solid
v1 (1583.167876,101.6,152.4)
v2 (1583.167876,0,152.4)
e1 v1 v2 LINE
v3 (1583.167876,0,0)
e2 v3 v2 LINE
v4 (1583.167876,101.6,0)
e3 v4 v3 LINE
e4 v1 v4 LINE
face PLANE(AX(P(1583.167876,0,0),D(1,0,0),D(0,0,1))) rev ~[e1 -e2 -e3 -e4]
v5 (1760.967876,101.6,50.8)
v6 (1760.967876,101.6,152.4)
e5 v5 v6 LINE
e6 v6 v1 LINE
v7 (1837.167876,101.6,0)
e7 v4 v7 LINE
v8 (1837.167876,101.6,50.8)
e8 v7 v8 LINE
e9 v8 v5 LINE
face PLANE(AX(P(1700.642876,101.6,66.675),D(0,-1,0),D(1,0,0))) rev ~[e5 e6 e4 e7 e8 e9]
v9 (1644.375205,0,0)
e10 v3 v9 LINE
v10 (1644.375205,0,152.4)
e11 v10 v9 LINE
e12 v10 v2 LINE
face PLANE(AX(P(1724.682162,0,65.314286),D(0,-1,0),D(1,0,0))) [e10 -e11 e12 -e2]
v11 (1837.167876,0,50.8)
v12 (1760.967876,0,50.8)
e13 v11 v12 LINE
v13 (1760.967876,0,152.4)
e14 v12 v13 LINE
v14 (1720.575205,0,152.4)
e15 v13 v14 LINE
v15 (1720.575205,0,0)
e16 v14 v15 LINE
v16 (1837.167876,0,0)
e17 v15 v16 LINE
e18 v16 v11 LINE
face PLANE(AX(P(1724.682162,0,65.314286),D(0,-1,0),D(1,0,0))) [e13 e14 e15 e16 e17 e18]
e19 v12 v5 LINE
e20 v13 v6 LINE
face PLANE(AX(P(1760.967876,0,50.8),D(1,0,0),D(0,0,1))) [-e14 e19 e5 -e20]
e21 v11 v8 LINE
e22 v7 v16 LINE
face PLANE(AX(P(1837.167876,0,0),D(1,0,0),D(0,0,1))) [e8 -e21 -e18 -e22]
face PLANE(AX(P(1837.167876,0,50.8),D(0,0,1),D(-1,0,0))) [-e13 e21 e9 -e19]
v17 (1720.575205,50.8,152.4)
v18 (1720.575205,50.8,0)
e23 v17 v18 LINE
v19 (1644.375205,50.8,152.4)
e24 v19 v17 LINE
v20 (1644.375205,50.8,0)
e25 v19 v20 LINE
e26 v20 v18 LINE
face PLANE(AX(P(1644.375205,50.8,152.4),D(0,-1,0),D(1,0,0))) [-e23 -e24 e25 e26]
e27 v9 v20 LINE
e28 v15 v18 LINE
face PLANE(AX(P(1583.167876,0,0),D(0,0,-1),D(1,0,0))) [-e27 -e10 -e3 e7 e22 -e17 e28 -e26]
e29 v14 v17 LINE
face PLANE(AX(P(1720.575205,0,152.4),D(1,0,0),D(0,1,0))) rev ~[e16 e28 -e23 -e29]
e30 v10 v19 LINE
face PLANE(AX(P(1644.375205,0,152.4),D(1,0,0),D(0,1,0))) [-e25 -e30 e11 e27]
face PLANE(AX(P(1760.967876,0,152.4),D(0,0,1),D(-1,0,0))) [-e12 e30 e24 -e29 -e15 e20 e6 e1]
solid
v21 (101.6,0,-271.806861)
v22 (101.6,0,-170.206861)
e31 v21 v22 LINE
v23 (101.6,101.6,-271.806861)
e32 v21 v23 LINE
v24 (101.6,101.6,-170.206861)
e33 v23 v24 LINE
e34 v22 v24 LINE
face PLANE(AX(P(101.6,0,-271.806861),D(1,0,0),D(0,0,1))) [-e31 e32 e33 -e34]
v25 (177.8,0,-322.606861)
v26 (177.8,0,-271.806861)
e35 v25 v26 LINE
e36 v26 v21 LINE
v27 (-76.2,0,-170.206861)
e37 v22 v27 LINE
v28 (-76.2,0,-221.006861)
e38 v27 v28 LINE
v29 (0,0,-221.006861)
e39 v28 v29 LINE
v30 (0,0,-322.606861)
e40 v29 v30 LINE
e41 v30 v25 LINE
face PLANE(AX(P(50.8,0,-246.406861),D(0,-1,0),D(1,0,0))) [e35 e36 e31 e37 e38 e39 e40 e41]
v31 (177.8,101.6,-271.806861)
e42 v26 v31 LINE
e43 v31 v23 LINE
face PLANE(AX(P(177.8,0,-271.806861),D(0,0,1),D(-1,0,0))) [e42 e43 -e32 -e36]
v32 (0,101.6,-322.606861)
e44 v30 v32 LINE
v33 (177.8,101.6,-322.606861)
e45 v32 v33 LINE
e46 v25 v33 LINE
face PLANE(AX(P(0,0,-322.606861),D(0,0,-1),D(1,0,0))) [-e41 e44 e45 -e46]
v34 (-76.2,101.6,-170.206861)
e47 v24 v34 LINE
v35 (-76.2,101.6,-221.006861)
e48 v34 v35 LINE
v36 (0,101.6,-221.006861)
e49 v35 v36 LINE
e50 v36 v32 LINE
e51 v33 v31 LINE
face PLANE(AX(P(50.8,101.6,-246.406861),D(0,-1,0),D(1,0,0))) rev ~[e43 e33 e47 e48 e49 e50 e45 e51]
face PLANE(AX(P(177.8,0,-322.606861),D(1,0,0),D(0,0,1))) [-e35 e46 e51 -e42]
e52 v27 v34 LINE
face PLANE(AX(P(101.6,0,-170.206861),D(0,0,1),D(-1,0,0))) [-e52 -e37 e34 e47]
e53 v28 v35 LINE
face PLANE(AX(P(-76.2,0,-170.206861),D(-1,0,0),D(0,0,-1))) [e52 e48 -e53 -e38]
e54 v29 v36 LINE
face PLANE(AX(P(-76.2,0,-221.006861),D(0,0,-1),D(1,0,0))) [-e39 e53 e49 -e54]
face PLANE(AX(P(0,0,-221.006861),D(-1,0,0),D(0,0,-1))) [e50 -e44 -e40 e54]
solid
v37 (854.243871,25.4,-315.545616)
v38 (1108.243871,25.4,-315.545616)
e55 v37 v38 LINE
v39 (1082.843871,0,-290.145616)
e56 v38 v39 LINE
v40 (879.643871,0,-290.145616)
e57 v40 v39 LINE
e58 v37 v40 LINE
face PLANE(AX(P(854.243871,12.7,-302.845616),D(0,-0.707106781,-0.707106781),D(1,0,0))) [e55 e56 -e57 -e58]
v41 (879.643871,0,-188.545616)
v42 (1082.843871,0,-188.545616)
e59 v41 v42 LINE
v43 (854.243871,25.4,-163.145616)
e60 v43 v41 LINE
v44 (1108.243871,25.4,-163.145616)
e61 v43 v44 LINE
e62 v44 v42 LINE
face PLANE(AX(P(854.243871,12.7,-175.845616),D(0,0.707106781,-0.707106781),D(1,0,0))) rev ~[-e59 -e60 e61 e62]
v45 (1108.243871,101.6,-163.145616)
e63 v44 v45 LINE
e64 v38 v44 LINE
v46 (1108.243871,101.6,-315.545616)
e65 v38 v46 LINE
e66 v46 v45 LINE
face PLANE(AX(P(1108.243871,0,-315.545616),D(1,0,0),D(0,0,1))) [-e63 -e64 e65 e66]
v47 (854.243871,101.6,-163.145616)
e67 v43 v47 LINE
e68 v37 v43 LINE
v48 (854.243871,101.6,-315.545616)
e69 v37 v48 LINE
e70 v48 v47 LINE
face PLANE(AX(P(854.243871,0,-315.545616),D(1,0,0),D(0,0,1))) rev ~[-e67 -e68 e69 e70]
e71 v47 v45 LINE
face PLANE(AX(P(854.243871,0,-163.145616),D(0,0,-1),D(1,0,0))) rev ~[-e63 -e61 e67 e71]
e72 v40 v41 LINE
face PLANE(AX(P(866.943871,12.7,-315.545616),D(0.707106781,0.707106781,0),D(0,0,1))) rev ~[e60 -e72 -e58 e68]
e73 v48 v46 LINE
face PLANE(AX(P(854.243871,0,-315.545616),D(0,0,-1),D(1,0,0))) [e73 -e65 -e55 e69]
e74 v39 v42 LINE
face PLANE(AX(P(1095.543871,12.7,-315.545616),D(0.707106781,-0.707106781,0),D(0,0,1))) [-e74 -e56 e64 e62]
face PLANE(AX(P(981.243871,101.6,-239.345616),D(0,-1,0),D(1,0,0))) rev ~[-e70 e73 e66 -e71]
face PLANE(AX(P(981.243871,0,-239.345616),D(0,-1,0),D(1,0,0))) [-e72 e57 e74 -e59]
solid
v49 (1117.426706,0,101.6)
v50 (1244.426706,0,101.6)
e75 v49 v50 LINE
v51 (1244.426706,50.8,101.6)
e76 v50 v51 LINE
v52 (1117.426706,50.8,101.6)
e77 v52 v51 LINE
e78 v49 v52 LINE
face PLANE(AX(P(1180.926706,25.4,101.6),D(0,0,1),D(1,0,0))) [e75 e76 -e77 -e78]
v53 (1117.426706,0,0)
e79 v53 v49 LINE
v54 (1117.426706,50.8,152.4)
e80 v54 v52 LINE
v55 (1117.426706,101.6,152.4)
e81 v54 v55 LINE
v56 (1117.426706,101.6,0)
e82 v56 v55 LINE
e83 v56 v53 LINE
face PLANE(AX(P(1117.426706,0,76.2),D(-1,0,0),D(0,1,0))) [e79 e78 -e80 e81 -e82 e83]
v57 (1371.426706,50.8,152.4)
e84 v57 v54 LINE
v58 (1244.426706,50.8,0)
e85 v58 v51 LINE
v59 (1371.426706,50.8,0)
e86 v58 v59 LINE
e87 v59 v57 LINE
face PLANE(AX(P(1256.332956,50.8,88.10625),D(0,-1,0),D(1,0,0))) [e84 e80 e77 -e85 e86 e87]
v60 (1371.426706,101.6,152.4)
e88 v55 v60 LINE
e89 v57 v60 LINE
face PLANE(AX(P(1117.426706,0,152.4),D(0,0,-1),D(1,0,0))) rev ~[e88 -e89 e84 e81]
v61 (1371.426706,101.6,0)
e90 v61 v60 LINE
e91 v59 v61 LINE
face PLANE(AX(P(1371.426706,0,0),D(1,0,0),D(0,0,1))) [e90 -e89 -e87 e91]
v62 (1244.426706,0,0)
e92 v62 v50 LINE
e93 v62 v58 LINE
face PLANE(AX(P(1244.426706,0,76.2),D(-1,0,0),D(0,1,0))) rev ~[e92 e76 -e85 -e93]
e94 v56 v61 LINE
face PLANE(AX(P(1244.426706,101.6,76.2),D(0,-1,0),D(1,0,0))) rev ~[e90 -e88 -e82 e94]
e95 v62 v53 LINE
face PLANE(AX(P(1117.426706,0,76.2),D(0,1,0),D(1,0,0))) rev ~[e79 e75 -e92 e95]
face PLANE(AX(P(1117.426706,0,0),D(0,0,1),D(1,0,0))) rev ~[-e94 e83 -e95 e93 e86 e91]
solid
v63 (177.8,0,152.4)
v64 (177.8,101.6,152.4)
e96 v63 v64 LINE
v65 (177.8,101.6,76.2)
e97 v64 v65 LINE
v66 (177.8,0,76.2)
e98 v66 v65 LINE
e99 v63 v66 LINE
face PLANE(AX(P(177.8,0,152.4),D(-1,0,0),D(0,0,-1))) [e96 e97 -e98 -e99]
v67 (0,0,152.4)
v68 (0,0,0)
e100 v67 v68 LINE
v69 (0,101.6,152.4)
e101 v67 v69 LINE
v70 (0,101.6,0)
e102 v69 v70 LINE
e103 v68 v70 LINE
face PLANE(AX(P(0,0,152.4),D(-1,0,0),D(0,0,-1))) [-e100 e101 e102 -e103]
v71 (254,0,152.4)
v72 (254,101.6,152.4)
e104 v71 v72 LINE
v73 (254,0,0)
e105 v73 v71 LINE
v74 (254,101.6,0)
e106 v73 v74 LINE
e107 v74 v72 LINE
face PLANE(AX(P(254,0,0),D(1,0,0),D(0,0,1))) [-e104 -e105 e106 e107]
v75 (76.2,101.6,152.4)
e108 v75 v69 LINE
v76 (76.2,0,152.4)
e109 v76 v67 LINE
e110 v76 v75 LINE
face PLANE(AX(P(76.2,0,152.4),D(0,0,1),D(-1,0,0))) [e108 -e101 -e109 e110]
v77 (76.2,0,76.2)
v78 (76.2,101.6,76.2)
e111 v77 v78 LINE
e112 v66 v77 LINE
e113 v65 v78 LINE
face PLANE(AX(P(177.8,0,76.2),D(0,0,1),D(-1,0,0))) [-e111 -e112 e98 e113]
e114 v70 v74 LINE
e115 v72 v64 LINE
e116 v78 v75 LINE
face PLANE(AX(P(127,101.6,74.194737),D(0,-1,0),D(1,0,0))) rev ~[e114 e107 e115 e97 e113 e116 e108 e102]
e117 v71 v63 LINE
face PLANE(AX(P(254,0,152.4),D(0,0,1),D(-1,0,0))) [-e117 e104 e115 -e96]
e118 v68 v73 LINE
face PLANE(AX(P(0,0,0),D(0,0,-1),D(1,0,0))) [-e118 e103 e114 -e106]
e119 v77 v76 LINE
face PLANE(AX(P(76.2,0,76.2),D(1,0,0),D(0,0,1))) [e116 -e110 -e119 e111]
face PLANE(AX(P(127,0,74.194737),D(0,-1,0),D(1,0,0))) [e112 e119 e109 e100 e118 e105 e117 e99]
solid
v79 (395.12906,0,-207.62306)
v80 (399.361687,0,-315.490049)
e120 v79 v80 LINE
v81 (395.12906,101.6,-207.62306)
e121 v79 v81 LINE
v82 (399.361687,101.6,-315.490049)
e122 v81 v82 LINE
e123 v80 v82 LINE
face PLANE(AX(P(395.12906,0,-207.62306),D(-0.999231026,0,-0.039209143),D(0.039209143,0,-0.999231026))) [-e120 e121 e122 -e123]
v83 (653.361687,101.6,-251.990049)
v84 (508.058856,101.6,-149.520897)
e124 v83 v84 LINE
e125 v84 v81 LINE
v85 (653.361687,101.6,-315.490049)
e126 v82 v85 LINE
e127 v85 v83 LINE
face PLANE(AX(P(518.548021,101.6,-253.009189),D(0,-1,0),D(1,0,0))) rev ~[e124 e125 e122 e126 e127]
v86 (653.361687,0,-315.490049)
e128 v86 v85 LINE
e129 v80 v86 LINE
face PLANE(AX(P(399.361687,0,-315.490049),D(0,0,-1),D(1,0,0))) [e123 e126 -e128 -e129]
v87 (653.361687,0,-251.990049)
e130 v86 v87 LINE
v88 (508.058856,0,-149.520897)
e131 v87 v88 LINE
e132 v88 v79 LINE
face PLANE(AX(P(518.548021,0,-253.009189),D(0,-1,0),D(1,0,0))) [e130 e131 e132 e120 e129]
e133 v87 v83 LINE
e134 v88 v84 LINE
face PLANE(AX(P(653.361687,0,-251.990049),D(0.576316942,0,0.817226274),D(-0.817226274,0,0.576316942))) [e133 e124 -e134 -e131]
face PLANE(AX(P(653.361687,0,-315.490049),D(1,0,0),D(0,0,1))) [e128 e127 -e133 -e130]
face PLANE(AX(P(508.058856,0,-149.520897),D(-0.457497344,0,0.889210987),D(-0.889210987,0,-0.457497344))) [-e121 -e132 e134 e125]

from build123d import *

# Parameters (mm, degrees)
F1_DEPTH   = 101.6
F2_W       = 254
F2_H       = 152.4
F3_DEPTH   = 101.6
F4_W       = 127
F4_H       = 76.2
F5_DEPTH   = 50.8
F5_FACE_W  = 127
F5_FACE_H  = 76.2
F6_DEPTH   = 50.8
F7_DEPTH   = 50.8
F8_DEPTH   = 50.8
F10_DEPTH  = 50.8
F10_FACE_W = 127
F10_FACE_H = 50.8
F11_DEPTH  = 25.4
F12_W      = 50.8
F12_H      = 152.4
F13_DEPTH  = 50.8
F14_DEPTH  = 101.6
F15_W      = 76.2
F15_H      = 50.8
F16_DEPTH  = 152.4
F18_DEPTH  = 101.6
F20_DEPTH  = 101.6
F21_W      = 254
F21_H      = 152.4
F22_DEPTH  = 101.6
F23_SIZE   = 25.4


with BuildPart() as f1:
    # F0 (on Front) → F1 (new body)
    with BuildSketch(Plane.XZ):
        Polygon((0, 152.4), (0, 0), (254, 0), (254, 152.4), (177.8, 152.4), (177.8, 76.2), (76.2, 76.2), (76.2, 152.4), align=None)
    extrude(amount=-F1_DEPTH)


with BuildPart() as f3:
    # F2 (on Front) → F3 (new body)
    with BuildSketch(Plane.XZ):
        with Locations((1244.426706, 76.2)):
            Rectangle(F2_W, F2_H)
    extrude(amount=-F3_DEPTH)

    # F4 (on face) → F5 (join)
    with BuildSketch(Plane.XZ):
        with Locations((1180.926706, 38.1)):
            Rectangle(F4_W, F4_H)
    extrude(amount=F5_DEPTH)

    # F5_face (on face) → F6 (join)
    with BuildSketch(Plane(origin=(1180.926706, -50.8, 38.1), x_dir=(1, 0, 0), z_dir=(0, -1, 0))):
        Rectangle(F5_FACE_W, F5_FACE_H)
    extrude(amount=-F6_DEPTH)

    # F5_face (on face) → F7 (join)
    with BuildSketch(Plane(origin=(1180.926706, -50.8, 38.1), x_dir=(1, 0, 0), z_dir=(0, -1, 0))):
        Rectangle(F5_FACE_W, F5_FACE_H)
    extrude(amount=-F7_DEPTH)

    # F5_face (on face) → F8 (cut)
    with BuildSketch(Plane(origin=(1180.926706, -50.8, 38.1), x_dir=(1, 0, 0), z_dir=(0, -1, 0))):
        Rectangle(F5_FACE_W, F5_FACE_H)
    extrude(amount=-F8_DEPTH, mode=Mode.SUBTRACT)

    # F9 (on face) → F10 (cut)
    with BuildSketch(Plane.XZ):
        Polygon((1117.426706, 152.4), (1117.426706, 76.2), (1244.426706, 76.2), (1244.426706, 0), (1371.426706, 0), (1371.426706, 152.4), align=None)
    extrude(amount=-F10_DEPTH, mode=Mode.SUBTRACT)

    # F10_face (on face) → F11 (join)
    with BuildSketch(Plane(origin=(1180.926706, 25.4, 76.2), x_dir=(1, 0, 0), z_dir=(0, 0, 1))):
        Rectangle(F10_FACE_W, F10_FACE_H)
    extrude(amount=F11_DEPTH)


with BuildPart() as f13:
    # F12 (on Front) → F13 (new body)
    with BuildSketch(Plane.XZ):
        Polygon((1760.967876, 152.4), (1633.967876, 152.4), (1633.967876, 0), (1837.167876, 0), (1837.167876, 50.8), (1760.967876, 50.8), align=None)
        with Locations((1608.567876, 76.2)):
            Rectangle(F12_W, F12_H)
    extrude(amount=-F13_DEPTH)

    # F13_face (on face) → F14 (join)
    with BuildSketch(Plane(origin=(1687.942876, 0, 69.85), x_dir=(1, 0, 0), z_dir=(0, -1, 0))):
        Polygon((73.025, 82.55), (-104.775, 82.55), (-104.775, -69.85), (149.225, -69.85), (149.225, -19.05), (73.025, -19.05), align=None)
    extrude(amount=-F14_DEPTH)

    # F15 (on face) → F16 (cut)
    with BuildSketch(Plane.XY.offset(152.4)):
        with Locations((1682.475205, 25.4)):
            Rectangle(F15_W, F15_H)
    extrude(amount=-F16_DEPTH, mode=Mode.SUBTRACT)


with BuildPart() as f18:
    # F17 (on Front) → F18 (new body)
    with BuildSketch(Plane.XZ):
        Polygon((0, -221.006861), (0, -322.606861), (177.8, -322.606861), (177.8, -271.806861), (101.6, -271.806861), (101.6, -170.206861), (-76.2, -170.206861), (-76.2, -221.006861), align=None)
    extrude(amount=-F18_DEPTH)


with BuildPart() as f20:
    # F19 (on Front) → F20 (new body)
    with BuildSketch(Plane.XZ):
        Polygon((395.12906, -207.62306), (399.361687, -315.490049), (653.361687, -315.490049), (653.361687, -251.990049), (508.058856, -149.520897), align=None)
    extrude(amount=-F20_DEPTH)


with BuildPart() as f22:
    # F21 (on Front) → F22 (new body)
    with BuildSketch(Plane.XZ):
        with Locations((981.243871, -239.345616)):
            Rectangle(F21_W, F21_H)
    extrude(amount=-F22_DEPTH)

    # F23
    f23_edges = [f22.edges().sort_by_distance(p)[0] for p in [
        (854.243871, 0, -239.345616),
        (981.243871, 0, -315.545616),
        (1108.243871, 0, -239.345616),
        (981.243871, 0, -163.145616),
    ]]
    chamfer(f23_edges, length=F23_SIZE)


solid = Compound([f1.part, f3.part, f13.part, f18.part, f20.part, f22.part])
